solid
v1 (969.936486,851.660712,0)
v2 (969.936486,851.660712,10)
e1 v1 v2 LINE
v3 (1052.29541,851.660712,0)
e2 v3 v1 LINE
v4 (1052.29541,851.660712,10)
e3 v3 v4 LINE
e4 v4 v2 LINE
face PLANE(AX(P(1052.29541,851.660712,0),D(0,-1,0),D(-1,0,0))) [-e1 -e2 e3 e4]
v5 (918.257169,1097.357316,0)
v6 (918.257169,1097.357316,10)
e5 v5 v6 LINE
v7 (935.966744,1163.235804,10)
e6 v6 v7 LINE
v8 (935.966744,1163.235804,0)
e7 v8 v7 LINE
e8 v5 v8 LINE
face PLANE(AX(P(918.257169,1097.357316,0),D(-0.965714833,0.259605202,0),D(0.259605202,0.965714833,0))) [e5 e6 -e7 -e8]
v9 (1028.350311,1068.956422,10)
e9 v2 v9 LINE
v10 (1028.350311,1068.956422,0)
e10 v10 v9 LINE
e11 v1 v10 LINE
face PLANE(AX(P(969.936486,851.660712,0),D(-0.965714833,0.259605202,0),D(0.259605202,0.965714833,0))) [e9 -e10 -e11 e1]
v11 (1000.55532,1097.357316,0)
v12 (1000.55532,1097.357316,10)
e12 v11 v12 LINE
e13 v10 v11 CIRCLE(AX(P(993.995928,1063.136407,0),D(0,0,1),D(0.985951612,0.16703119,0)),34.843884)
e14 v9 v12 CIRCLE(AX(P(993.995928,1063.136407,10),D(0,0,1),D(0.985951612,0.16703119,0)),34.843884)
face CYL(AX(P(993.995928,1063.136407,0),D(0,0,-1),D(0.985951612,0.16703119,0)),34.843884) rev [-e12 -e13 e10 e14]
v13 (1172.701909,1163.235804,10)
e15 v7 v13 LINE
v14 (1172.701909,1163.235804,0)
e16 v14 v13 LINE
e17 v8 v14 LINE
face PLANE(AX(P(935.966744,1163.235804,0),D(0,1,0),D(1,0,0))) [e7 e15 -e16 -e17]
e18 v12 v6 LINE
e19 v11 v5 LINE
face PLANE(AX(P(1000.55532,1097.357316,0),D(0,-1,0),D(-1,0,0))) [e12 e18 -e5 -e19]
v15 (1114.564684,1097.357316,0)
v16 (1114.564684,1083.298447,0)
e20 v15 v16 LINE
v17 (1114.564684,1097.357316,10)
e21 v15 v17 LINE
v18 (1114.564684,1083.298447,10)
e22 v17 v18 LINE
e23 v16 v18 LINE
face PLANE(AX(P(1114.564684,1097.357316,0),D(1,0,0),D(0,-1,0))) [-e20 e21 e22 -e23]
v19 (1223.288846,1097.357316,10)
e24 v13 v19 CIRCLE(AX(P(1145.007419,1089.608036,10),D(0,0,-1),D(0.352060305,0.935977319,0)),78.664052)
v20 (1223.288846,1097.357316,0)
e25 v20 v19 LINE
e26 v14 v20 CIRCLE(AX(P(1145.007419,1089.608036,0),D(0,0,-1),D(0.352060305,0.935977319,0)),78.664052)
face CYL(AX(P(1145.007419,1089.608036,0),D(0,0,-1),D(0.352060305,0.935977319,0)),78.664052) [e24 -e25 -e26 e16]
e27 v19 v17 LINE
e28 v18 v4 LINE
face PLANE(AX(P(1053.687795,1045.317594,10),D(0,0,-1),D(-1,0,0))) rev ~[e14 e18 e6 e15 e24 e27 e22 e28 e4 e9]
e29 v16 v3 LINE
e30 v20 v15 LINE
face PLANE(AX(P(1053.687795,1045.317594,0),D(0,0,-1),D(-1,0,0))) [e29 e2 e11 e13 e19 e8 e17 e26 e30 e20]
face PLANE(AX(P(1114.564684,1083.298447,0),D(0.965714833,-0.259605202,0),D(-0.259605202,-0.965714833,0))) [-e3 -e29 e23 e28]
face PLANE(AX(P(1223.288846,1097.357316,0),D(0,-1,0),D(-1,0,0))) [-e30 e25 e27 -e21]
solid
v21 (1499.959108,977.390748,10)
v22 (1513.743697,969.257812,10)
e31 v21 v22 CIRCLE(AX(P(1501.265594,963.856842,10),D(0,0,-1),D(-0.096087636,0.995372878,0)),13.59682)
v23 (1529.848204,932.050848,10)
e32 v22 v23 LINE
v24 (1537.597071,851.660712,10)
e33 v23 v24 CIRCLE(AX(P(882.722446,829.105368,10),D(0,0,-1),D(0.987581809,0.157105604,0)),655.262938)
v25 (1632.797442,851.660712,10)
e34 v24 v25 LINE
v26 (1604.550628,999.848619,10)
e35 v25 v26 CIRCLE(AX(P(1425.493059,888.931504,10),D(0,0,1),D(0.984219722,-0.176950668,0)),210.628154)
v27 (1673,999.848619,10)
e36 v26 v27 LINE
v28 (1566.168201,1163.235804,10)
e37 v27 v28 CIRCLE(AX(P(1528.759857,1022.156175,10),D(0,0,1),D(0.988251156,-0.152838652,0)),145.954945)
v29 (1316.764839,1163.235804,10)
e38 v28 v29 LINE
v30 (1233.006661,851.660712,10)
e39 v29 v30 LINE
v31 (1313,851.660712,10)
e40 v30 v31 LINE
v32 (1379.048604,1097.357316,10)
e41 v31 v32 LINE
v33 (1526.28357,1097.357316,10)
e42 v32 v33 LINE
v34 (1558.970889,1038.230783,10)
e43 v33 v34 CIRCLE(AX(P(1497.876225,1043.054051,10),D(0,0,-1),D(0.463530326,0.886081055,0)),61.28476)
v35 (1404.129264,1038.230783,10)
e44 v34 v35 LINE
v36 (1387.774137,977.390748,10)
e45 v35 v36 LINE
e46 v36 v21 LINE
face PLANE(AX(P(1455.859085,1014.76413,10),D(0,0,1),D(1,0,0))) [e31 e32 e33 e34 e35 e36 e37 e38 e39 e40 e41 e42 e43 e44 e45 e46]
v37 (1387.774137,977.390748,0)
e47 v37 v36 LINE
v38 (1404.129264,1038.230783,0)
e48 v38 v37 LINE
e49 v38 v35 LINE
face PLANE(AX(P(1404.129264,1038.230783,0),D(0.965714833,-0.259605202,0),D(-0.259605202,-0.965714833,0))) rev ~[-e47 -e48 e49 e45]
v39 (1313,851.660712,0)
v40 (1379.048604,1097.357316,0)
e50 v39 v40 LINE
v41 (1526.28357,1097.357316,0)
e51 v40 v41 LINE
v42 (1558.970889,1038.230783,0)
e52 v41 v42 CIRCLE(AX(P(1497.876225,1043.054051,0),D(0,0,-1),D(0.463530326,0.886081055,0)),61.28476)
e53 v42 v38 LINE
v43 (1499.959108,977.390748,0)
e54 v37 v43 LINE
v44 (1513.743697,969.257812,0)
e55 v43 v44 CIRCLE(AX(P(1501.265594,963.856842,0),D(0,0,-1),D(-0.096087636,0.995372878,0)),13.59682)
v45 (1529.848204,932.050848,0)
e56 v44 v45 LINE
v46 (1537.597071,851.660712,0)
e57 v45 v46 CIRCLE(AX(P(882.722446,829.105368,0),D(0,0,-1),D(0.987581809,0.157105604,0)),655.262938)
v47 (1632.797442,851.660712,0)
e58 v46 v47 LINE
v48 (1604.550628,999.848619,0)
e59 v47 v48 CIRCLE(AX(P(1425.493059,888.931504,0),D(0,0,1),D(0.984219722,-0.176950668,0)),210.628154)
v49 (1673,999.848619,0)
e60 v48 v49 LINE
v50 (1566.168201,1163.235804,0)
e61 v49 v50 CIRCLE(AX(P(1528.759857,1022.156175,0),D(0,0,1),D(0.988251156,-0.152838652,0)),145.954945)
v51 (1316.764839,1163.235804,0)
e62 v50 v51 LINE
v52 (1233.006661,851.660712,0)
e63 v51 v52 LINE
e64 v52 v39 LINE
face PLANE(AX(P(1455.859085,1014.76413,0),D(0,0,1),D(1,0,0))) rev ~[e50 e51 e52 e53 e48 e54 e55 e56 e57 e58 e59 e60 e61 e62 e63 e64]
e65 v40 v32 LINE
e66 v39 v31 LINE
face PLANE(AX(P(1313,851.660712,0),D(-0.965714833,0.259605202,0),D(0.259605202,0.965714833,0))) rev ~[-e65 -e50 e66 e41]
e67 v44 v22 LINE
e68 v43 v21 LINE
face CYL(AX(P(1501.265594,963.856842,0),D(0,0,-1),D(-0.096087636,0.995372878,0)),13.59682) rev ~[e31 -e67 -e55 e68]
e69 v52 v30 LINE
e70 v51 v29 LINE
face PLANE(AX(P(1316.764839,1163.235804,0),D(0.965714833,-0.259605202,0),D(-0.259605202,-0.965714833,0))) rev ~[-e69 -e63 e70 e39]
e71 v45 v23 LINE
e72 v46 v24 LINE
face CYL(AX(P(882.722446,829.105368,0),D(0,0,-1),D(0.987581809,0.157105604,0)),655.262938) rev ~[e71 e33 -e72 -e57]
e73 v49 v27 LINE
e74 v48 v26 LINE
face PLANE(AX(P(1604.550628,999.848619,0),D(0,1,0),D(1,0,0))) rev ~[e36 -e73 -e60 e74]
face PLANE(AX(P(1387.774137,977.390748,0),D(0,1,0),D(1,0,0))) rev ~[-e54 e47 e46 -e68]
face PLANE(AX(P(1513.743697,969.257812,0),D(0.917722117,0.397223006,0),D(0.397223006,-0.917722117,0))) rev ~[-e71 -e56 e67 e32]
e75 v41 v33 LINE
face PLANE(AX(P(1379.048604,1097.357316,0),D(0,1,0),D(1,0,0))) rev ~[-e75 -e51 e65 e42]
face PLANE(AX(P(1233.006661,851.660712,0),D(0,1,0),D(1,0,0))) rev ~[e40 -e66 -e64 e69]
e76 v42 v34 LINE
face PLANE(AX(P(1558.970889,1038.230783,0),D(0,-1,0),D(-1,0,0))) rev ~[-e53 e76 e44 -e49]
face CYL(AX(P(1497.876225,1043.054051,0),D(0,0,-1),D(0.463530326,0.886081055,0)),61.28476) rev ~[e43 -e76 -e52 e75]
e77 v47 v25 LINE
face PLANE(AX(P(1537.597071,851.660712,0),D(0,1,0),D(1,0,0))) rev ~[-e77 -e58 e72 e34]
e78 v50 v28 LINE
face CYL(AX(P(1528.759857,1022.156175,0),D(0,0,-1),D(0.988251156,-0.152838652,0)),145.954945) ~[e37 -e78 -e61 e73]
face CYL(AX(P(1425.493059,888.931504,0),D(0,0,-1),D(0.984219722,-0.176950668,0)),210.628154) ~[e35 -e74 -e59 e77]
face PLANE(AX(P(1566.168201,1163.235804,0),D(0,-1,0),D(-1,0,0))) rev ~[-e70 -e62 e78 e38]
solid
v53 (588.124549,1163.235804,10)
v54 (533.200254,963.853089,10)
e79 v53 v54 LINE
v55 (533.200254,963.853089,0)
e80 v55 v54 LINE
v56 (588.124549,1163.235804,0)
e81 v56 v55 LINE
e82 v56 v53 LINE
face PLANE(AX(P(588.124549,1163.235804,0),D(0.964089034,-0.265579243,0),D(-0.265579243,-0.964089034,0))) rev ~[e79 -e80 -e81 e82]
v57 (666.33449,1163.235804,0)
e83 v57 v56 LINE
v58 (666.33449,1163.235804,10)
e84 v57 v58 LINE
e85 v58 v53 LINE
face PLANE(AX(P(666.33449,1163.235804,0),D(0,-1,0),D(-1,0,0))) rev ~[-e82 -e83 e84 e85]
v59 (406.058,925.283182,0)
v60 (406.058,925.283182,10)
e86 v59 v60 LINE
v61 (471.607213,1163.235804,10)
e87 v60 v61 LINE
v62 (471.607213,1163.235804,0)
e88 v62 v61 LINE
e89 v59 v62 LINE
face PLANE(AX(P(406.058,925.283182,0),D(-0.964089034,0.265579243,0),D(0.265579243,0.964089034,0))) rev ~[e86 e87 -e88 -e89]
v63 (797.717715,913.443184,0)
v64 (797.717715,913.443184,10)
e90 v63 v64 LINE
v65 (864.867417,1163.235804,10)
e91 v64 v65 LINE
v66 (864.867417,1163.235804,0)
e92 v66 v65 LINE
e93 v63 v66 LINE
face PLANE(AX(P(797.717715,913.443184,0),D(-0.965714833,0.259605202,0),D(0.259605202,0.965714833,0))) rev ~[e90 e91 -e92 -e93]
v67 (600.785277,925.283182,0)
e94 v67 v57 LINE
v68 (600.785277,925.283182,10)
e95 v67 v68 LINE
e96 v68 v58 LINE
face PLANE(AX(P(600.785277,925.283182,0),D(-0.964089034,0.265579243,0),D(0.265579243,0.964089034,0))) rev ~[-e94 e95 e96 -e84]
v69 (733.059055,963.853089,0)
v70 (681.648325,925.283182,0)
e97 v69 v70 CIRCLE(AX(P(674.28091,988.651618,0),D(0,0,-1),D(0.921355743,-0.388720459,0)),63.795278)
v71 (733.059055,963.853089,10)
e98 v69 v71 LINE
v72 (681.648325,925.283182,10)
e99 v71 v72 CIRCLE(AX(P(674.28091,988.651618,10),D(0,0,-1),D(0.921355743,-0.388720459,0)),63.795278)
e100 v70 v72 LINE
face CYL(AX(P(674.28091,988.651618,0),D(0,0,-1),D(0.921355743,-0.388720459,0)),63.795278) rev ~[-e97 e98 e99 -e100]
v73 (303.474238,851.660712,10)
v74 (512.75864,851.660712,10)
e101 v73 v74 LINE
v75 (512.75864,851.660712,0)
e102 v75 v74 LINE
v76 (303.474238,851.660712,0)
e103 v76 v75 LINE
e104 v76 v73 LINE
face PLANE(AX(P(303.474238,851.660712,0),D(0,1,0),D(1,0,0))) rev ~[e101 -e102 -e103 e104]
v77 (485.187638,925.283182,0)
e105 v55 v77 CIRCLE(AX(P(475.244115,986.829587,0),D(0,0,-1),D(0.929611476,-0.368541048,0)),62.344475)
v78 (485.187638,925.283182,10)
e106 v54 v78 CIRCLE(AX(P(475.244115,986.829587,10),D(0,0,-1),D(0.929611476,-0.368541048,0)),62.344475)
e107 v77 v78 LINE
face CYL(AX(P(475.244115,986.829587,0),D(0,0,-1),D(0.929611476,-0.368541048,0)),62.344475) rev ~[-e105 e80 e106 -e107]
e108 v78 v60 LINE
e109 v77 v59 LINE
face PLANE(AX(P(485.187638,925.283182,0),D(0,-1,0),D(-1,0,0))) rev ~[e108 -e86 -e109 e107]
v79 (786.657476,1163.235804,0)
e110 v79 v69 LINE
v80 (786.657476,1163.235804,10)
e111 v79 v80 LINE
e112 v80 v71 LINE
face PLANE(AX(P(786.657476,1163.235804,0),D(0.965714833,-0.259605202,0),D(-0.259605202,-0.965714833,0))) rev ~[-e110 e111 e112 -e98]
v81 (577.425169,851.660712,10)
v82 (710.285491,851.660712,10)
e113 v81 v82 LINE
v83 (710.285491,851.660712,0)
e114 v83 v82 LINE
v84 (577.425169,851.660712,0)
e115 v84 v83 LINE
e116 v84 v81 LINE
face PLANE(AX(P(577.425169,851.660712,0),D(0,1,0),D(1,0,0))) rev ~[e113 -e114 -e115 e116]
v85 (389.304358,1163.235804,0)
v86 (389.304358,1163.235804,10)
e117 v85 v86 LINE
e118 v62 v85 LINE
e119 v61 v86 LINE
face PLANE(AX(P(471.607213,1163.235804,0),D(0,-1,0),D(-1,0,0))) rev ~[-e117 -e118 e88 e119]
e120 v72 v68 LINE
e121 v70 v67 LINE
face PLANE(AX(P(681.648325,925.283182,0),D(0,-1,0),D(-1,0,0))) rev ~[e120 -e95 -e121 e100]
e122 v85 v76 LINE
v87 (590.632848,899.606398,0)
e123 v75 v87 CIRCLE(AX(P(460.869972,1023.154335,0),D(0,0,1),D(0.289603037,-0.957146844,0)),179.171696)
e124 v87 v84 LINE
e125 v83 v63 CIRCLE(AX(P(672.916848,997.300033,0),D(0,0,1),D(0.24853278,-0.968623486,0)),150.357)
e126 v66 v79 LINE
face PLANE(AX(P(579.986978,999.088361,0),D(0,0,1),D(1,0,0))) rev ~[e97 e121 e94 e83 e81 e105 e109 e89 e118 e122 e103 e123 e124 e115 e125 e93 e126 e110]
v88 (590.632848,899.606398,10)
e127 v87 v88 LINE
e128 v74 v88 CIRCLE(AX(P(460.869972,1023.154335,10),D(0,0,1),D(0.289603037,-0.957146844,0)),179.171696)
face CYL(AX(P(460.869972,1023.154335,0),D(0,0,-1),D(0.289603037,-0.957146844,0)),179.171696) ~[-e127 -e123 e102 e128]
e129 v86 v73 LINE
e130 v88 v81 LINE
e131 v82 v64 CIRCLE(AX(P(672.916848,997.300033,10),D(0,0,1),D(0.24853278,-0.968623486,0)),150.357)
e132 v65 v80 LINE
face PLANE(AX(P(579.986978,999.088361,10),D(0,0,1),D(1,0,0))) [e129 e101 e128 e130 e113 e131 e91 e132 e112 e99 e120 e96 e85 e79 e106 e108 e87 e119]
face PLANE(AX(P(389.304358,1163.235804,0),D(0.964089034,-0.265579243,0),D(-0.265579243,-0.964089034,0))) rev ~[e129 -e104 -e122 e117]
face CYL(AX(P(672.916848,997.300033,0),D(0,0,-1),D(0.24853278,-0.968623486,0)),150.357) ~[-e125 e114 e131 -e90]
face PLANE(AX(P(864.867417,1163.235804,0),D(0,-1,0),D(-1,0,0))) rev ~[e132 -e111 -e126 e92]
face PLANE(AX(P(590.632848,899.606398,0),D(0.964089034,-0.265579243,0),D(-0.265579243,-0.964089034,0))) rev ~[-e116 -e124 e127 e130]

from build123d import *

# Parameters (mm, degrees)
EXTRUDE_1_DEPTH   = 10
EXTRUDE_1_2_DEPTH = 10
EXTRUDE_1_3_DEPTH = 10


with BuildPart() as part:
    # 草图2 → 凸台-拉伸1 (new body)
    with BuildSketch(Plane.XY):
        with BuildLine():
            Line((389.304357809, 1163.23580449), (303.474237897, 851.660711656))
            Line((303.474237897, 851.660711656), (512.758639876, 851.660711656))
            ThreePointArc((512.758639876, 851.660711656), (554.806216723, 870.581471484), (590.632848169, 899.606397847))
            Line((590.632848169, 899.606397847), (577.425168577, 851.660711656))
            Line((577.425168577, 851.660711656), (710.285491182, 851.660711656))
            ThreePointArc((710.285491182, 851.660711656), (759.686692865, 874.506623445), (797.717714769, 913.443184491))
            Line((797.717714769, 913.443184491), (864.867417156, 1163.23580449))
            Line((864.867417156, 1163.23580449), (786.65747616, 1163.23580449))
            Line((786.65747616, 1163.23580449), (733.059055058, 963.853088573))
            ThreePointArc((733.059055058, 963.853088573), (712.565608986, 937.621046524), (681.648324613, 925.283182489))
            Line((681.648324613, 925.283182489), (600.785277159, 925.283182489))
            Line((600.785277159, 925.283182489), (666.334490012, 1163.23580449))
            Line((666.334490012, 1163.23580449), (588.124549016, 1163.23580449))
            Line((588.124549016, 1163.23580449), (533.200253688, 963.853088573))
            ThreePointArc((533.200253688, 963.853088573), (514.288966473, 938.225748677), (485.187638071, 925.283182489))
            Line((485.187638071, 925.283182489), (406.057999667, 925.283182489))
            Line((406.057999667, 925.283182489), (471.60721252, 1163.23580449))
            Line((471.60721252, 1163.23580449), (389.304357809, 1163.23580449))
        make_face()
    extrude(amount=EXTRUDE_1_DEPTH)


with BuildPart() as body_2:
    # 草图2 → Extrude 1 2 (new body)
    with BuildSketch(Plane.XY):
        with BuildLine():
            Line((918.257169442, 1097.357315535), (935.966743596, 1163.23580449))
            Line((935.966743596, 1163.23580449), (1172.701909333, 1163.23580449))
            ThreePointArc((1172.701909333, 1163.23580449), (1207.399065731, 1137.517487269), (1223.288845751, 1097.357315535))
            Line((1223.288845751, 1097.357315535), (1114.564683898, 1097.357315535))
            Line((1114.564683898, 1097.357315535), (1114.564683898, 1083.298446825))
            Line((1114.564683898, 1083.298446825), (1052.295410378, 851.660711656))
            Line((1052.295410378, 851.660711656), (969.936486198, 851.660711656))
            Line((969.936486198, 851.660711656), (1028.350310788, 1068.956422133))
            ThreePointArc((1028.350310788, 1068.956422133), (1018.89847646, 1087.507686659), (1000.555319733, 1097.357315535))
            Line((1000.555319733, 1097.357315535), (918.257169442, 1097.357315535))
        make_face()
    extrude(amount=EXTRUDE_1_2_DEPTH)


with BuildPart() as body_3:
    # 草图2 → Extrude 1 3 (new body)
    with BuildSketch(Plane.XY):
        with BuildLine():
            Line((1316.764838946, 1163.23580449), (1233.006660842, 851.660711656))
            Line((1233.006660842, 851.660711656), (1313, 851.660711656))
            Line((1313, 851.660711656), (1379.04860395, 1097.357315535))
            Line((1379.04860395, 1097.357315535), (1526.283569879, 1097.357315535))
            ThreePointArc((1526.283569879, 1097.357315535), (1551.510533942, 1072.705066269), (1558.970888517, 1038.23078282))
            Line((1558.970888517, 1038.23078282), (1404.129264317, 1038.23078282))
            Line((1404.129264317, 1038.23078282), (1387.774136575, 977.390748332))
            Line((1387.774136575, 977.390748332), (1499.959107971, 977.390748332))
            ThreePointArc((1499.959107971, 977.390748332), (1508.174821309, 975.567354772), (1513.74369718, 969.257811899))
            Line((1513.74369718, 969.257811899), (1529.848203758, 932.050848425))
            ThreePointArc((1529.848203758, 932.050848425), (1534.962350336, 891.975276923), (1537.597071169, 851.660711656))
            Line((1537.597071169, 851.660711656), (1632.797442216, 851.660711656))
            ThreePointArc((1632.797442216, 851.660711656), (1632.395943132, 928.370264407), (1604.55062793, 999.848618515))
            Line((1604.55062793, 999.848618515), (1673, 999.848618515))
            ThreePointArc((1673, 999.848618515), (1650.919123277, 1102.030824802), (1566.168200806, 1163.23580449))
            Line((1566.168200806, 1163.23580449), (1316.764838946, 1163.23580449))
        make_face()
    extrude(amount=EXTRUDE_1_3_DEPTH)


solid = Compound([part.part, body_2.part, body_3.part])
